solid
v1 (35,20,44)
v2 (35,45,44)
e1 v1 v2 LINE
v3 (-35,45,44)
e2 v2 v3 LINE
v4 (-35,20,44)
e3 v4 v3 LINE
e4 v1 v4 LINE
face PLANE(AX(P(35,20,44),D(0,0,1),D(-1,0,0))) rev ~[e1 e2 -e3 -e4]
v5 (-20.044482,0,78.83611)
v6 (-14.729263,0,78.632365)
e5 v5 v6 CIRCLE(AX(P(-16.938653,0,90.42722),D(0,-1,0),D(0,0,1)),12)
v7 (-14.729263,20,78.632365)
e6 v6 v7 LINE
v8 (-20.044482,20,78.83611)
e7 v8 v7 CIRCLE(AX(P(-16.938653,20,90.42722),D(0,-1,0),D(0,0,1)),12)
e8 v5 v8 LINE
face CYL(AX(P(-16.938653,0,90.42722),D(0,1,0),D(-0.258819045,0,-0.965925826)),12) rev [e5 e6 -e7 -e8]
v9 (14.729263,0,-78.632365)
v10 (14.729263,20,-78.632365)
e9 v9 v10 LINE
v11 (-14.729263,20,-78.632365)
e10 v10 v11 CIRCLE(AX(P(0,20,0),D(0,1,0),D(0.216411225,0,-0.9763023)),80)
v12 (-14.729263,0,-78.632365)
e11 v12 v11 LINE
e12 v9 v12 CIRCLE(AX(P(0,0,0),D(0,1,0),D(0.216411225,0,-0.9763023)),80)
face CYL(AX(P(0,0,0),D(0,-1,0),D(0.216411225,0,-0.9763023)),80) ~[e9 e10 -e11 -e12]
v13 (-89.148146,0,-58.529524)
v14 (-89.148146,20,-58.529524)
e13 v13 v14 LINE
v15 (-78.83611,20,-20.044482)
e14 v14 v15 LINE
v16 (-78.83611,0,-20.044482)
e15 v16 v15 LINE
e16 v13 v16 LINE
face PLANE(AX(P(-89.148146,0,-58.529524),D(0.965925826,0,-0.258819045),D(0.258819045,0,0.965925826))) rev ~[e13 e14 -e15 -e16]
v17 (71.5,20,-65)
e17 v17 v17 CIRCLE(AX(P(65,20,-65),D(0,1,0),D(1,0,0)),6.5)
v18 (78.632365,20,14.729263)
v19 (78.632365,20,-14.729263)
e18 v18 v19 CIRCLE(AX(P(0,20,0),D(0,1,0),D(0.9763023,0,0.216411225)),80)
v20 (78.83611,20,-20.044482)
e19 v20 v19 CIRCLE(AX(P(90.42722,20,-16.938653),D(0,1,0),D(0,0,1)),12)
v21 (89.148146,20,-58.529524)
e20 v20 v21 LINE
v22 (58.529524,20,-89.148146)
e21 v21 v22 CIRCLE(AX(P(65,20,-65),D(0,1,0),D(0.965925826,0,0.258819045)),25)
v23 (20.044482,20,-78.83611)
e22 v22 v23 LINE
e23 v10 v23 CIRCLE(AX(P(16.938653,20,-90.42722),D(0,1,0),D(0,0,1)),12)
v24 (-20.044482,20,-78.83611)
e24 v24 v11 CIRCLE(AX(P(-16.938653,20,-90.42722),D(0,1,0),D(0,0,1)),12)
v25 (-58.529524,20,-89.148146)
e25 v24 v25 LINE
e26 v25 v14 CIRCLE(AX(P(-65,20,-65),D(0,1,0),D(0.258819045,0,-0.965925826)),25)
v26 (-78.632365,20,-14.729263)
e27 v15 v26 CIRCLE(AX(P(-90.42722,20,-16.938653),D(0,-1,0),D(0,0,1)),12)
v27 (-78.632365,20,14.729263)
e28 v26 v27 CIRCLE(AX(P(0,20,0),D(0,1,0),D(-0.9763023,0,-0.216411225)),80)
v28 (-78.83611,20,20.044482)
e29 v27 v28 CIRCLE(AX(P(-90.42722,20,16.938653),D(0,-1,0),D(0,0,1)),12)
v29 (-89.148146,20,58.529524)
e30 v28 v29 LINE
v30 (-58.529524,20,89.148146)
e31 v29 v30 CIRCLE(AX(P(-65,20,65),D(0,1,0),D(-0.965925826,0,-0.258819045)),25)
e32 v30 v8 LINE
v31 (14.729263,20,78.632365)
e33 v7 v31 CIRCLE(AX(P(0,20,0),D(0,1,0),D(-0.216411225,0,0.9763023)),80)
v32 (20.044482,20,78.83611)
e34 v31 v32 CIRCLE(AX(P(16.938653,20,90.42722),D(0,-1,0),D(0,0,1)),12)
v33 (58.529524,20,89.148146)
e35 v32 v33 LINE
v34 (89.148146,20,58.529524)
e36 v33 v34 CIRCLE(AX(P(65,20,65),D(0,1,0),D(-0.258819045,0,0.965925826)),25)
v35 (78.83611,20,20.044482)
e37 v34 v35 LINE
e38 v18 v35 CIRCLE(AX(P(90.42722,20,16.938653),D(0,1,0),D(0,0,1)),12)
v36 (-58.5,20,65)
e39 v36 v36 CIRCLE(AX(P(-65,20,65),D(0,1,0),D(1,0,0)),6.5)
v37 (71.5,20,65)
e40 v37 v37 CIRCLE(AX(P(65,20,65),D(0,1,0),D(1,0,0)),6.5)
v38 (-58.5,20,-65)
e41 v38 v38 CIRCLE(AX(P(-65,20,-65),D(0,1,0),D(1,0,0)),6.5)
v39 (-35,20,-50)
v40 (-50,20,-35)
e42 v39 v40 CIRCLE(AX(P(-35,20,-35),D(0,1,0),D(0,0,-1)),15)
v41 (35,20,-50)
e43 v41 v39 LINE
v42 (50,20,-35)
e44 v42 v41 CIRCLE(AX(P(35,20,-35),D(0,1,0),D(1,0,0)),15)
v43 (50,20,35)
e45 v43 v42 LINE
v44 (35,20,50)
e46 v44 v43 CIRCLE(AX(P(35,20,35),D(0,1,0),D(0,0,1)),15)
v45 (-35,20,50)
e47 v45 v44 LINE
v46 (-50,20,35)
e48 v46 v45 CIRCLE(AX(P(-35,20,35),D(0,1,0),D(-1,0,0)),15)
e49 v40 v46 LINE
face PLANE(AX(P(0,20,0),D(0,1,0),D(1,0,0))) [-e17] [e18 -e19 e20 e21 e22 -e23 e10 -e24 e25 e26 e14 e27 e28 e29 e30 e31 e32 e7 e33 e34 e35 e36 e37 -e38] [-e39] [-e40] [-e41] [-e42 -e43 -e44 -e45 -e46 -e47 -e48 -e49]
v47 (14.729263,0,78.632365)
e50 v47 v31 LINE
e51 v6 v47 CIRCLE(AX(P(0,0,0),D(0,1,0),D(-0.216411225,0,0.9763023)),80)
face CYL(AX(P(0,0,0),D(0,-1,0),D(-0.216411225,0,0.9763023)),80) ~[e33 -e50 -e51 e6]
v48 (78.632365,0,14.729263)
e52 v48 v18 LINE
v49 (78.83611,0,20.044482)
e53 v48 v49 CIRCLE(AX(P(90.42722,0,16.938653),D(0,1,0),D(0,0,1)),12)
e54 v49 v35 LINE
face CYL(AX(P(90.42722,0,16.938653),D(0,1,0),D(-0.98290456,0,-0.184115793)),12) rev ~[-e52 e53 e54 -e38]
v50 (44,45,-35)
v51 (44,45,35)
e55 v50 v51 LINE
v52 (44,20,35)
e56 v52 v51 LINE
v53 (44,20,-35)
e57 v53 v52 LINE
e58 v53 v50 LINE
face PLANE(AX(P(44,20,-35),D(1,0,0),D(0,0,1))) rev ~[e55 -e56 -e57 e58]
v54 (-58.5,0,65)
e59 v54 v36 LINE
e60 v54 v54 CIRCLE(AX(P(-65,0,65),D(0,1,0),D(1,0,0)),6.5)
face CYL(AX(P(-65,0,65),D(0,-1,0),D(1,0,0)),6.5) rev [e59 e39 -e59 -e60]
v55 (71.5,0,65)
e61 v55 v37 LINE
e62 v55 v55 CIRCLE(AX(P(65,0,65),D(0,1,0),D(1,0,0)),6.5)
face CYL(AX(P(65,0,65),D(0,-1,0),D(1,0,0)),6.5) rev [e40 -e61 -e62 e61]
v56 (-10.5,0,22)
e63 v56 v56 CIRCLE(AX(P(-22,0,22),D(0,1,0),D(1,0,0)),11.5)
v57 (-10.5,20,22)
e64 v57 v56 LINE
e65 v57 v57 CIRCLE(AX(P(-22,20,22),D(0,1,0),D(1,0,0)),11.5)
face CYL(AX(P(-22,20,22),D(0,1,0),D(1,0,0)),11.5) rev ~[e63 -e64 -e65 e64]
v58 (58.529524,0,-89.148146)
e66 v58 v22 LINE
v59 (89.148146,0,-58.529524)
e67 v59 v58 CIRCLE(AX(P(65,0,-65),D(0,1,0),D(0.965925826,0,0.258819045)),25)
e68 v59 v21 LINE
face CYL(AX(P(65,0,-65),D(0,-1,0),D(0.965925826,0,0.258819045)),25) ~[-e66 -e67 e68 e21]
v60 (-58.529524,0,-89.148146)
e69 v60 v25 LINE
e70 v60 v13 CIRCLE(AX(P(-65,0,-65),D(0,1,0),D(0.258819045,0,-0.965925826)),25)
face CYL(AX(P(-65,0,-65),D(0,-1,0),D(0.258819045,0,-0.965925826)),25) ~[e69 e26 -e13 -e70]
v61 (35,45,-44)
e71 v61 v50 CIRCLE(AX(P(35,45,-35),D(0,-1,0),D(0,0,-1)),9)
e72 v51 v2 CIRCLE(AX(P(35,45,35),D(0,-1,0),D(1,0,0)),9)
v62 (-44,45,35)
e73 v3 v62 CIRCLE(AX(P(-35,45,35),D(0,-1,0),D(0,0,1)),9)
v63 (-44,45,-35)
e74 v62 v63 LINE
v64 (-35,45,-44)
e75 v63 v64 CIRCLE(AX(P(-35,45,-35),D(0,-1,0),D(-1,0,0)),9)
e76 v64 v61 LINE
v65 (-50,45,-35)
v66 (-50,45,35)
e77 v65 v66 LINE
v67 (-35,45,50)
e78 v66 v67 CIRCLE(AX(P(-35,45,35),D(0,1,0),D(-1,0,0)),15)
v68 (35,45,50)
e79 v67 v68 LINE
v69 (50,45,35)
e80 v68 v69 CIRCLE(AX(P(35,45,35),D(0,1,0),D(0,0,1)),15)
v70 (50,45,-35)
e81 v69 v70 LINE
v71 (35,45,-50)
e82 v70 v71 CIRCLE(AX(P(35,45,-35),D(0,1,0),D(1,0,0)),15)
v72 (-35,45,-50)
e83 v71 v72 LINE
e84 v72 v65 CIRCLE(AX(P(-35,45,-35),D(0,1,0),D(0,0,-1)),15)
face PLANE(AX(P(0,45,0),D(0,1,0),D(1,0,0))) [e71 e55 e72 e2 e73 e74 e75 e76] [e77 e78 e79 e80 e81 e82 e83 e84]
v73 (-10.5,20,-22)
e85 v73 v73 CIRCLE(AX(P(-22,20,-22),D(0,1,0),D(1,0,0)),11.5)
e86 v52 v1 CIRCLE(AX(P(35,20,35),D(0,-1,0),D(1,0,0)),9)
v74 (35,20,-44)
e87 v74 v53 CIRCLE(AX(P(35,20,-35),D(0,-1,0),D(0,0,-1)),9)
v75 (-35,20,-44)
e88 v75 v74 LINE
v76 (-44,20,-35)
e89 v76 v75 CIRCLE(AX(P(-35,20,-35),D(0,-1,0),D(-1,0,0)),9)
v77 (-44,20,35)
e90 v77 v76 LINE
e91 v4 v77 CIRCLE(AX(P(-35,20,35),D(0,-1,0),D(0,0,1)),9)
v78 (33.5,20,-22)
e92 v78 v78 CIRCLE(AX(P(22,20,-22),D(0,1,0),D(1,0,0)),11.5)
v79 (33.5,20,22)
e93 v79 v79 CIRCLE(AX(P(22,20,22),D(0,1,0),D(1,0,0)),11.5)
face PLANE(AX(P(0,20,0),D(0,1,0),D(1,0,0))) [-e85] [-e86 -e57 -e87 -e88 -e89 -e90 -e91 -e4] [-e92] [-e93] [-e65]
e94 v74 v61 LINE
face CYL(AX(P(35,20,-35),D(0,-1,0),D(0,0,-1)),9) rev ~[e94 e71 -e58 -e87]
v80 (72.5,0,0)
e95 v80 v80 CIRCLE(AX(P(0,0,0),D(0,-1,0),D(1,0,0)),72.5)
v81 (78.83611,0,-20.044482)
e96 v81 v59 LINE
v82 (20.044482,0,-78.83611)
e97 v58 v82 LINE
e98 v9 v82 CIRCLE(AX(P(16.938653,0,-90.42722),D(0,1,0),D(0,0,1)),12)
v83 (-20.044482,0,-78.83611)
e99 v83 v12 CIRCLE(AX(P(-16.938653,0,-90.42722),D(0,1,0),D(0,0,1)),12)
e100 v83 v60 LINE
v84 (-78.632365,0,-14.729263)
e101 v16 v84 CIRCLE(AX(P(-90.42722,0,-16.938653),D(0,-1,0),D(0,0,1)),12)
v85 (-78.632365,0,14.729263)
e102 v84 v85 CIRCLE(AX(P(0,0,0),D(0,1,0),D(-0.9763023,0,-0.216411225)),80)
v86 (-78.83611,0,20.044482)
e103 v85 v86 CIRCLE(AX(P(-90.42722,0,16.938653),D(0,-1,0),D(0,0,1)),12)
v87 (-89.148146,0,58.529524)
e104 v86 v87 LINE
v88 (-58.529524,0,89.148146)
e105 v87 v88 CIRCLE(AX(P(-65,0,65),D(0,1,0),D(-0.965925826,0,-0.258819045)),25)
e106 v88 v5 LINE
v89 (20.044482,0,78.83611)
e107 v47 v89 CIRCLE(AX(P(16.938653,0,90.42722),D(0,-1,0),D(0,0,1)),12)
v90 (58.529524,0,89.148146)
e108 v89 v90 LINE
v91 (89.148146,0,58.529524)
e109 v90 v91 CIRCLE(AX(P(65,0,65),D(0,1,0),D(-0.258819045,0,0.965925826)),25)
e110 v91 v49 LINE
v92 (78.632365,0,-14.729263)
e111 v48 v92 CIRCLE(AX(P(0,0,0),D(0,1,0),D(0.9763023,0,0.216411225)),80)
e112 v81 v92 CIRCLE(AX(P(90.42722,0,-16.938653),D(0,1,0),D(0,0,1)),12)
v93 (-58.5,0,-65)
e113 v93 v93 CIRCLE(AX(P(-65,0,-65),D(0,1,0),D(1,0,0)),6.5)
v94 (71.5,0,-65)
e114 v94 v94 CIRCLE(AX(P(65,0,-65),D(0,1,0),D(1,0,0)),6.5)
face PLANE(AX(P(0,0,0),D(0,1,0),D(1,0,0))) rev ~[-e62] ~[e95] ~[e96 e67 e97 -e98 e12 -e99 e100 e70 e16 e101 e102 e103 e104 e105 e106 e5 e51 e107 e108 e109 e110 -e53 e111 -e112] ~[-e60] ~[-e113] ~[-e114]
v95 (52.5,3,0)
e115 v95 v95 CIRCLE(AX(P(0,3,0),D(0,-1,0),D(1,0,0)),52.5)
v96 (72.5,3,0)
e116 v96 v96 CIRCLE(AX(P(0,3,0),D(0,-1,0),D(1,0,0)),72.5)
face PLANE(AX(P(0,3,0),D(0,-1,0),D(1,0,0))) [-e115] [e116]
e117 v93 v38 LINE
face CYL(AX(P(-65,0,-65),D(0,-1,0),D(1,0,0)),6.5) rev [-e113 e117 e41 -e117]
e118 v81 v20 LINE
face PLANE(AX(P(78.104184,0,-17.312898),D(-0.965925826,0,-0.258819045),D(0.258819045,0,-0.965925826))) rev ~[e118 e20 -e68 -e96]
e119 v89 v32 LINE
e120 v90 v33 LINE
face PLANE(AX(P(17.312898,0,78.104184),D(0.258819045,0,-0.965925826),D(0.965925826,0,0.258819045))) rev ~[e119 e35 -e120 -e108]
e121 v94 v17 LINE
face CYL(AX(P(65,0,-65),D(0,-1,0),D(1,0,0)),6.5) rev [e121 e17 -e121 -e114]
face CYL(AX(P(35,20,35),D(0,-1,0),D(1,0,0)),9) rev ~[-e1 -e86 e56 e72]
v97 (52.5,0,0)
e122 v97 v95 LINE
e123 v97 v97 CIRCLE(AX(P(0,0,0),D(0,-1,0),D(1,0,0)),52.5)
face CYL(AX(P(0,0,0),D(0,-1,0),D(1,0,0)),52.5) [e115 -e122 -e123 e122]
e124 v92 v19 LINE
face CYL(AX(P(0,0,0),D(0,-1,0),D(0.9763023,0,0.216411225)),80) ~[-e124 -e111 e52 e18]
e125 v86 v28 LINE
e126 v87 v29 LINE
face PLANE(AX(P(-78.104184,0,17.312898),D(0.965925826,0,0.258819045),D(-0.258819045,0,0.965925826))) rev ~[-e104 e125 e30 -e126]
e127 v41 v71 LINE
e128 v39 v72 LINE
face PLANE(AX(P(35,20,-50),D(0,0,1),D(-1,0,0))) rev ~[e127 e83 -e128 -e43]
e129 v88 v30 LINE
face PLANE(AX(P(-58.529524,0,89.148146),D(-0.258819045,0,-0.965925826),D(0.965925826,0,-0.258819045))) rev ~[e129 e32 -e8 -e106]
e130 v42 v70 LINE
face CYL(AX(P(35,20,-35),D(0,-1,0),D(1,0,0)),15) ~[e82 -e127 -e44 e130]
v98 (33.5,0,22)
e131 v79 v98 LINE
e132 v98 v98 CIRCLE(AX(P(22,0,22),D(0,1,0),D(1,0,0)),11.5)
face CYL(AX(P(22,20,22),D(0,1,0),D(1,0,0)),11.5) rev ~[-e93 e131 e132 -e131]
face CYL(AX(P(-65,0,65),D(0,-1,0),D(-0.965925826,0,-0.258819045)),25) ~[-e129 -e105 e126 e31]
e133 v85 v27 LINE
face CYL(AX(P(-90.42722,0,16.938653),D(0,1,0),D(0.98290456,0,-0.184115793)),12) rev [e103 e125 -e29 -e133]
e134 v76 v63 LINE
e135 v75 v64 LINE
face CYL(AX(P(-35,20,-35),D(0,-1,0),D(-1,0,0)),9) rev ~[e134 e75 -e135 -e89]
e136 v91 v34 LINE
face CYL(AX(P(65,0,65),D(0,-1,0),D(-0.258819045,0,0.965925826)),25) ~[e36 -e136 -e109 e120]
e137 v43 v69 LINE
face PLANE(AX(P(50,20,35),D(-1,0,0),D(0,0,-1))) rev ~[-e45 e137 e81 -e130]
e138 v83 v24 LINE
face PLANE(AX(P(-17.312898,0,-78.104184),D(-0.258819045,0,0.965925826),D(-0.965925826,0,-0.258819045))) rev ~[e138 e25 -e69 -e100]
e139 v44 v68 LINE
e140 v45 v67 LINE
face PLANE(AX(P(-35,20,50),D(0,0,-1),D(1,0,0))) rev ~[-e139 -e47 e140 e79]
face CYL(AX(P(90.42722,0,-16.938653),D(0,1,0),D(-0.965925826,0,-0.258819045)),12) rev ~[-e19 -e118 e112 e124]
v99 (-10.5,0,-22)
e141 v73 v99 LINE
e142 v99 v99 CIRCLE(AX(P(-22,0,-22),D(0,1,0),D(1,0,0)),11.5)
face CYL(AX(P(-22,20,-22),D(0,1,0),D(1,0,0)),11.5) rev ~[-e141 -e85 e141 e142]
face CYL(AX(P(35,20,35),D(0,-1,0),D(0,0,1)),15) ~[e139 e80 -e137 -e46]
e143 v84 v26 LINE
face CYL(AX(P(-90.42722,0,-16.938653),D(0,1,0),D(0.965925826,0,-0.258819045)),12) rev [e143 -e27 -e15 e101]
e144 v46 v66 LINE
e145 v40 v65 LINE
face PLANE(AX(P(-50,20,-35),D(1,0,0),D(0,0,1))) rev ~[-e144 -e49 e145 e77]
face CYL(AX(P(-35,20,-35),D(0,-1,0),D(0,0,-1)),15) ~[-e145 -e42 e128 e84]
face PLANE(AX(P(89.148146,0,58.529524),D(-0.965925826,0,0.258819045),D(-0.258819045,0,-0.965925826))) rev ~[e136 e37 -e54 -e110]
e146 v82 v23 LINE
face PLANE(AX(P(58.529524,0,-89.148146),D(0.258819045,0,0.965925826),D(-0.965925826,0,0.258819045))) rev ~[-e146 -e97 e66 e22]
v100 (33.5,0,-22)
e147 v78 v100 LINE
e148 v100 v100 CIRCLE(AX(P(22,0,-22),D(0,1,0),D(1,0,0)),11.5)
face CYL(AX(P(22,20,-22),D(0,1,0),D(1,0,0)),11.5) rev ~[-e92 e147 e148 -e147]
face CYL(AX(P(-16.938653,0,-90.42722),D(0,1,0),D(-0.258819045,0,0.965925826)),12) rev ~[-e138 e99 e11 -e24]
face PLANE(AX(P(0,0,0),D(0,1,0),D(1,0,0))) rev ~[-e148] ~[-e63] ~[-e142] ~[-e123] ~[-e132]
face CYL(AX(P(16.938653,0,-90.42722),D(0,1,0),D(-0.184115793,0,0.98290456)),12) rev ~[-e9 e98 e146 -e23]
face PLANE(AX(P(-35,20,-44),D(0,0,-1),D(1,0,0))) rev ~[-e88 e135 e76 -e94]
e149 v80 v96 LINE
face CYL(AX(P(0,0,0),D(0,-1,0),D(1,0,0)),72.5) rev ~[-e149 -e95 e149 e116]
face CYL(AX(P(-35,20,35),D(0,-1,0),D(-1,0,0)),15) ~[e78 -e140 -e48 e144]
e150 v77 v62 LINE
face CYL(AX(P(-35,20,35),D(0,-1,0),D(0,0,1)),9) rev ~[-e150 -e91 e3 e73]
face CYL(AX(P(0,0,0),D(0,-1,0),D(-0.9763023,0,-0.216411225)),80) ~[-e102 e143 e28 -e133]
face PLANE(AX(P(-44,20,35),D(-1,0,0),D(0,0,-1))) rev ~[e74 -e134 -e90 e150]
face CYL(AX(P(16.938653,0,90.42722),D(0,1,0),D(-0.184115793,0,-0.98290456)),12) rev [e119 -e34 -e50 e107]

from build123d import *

# Parameters (mm, degrees)
SKETCH1_R           = 6.5
BOSS_EXTRUDE1_DEPTH = 20
SKETCH2_R           = 11.5
CUT_EXTRUDE1_DEPTH  = 21
BOSS_EXTRUDE2_DEPTH = 25
SKETCH3_R           = 72.5
SKETCH3_R_2         = 52.5
CUT_EXTRUDE2_DEPTH  = 3
FILLET2_R           = 12


with BuildPart() as part:
    # Sketch1 → Boss-Extrude1 (new body)
    with BuildSketch(Plane(origin=(0, 0, 0), x_dir=(1, 0, 0), z_dir=(0, 1, 0))):
        with BuildLine():
            Line((-89.148145657, 58.529523872), (-78.104184034, 17.312897978))
            ThreePointArc((-78.104184034, 17.312897978), (-80, 0), (-78.104184034, -17.312897978))
            Line((-78.104184034, -17.312897978), (-89.148145657, -58.529523872))
            ThreePointArc((-89.148145657, -58.529523872), (-82.67766953, -82.67766953), (-58.529523872, -89.148145657))
            Line((-58.529523872, -89.148145657), (-17.312897978, -78.104184034))
            ThreePointArc((-17.312897978, -78.104184034), (0, -80), (17.312897978, -78.104184034))
            Line((17.312897978, -78.104184034), (58.529523872, -89.148145657))
            ThreePointArc((58.529523872, -89.148145657), (82.67766953, -82.67766953), (89.148145657, -58.529523872))
            Line((89.148145657, -58.529523872), (78.104184034, -17.312897978))
            ThreePointArc((78.104184034, -17.312897978), (80, 0), (78.104184034, 17.312897978))
            Line((78.104184034, 17.312897978), (89.148145657, 58.529523872))
            ThreePointArc((89.148145657, 58.529523872), (82.67766953, 82.67766953), (58.529523872, 89.148145657))
            Line((58.529523872, 89.148145657), (17.312897978, 78.104184034))
            ThreePointArc((17.312897978, 78.104184034), (0, 80), (-17.312897978, 78.104184034))
            Line((-17.312897978, 78.104184034), (-58.529523872, 89.148145657))
            ThreePointArc((-58.529523872, 89.148145657), (-82.67766953, 82.67766953), (-89.148145657, 58.529523872))
        make_face()
        with Locations((-65, 65)):
            Circle(SKETCH1_R, mode=Mode.SUBTRACT)
        with Locations((65, 65)):
            Circle(SKETCH1_R, mode=Mode.SUBTRACT)
        with Locations((65, -65)):
            Circle(SKETCH1_R, mode=Mode.SUBTRACT)
        with Locations((-65, -65)):
            Circle(SKETCH1_R, mode=Mode.SUBTRACT)
    extrude(amount=BOSS_EXTRUDE1_DEPTH)

    # Sketch2 → Cut-Extrude1 (cut, through all)
    with BuildSketch(Plane(origin=(0, 20, 0), x_dir=(1, 0, 0), z_dir=(0, 1, 0))):
        with Locations((-22, -22)):
            Circle(SKETCH2_R)
        with Locations((-22, 22)):
            Circle(SKETCH2_R)
        with Locations((22, 22)):
            Circle(SKETCH2_R)
        with Locations((22, -22)):
            Circle(SKETCH2_R)
    extrude(amount=-CUT_EXTRUDE1_DEPTH, mode=Mode.SUBTRACT)

    # Sketch2<3> → Boss-Extrude2 (add)
    with BuildSketch(Plane(origin=(0, 20, 0), x_dir=(1, 0, 0), z_dir=(0, 1, 0))):
        with BuildLine():
            Line((-35, -50), (35, -50))
            ThreePointArc((35, -50), (45.606601718, -45.606601718), (50, -35))
            Line((50, -35), (50, 35))
            ThreePointArc((50, 35), (45.606601718, 45.606601718), (35, 50))
            Line((35, 50), (-35, 50))
            ThreePointArc((-35, 50), (-45.606601718, 45.606601718), (-50, 35))
            Line((-50, 35), (-50, -35))
            ThreePointArc((-50, -35), (-45.606601718, -45.606601718), (-35, -50))
        make_face()
        with BuildLine():
            Line((-44, -35), (-44, 35))
            ThreePointArc((-44, 35), (-41.363961031, 41.363961031), (-35, 44))
            Line((-35, 44), (35, 44))
            ThreePointArc((35, 44), (41.363961031, 41.363961031), (44, 35))
            Line((44, 35), (44, -35))
            ThreePointArc((44, -35), (41.363961031, -41.363961031), (35, -44))
            Line((35, -44), (-35, -44))
            ThreePointArc((-35, -44), (-41.363961031, -41.363961031), (-44, -35))
        make_face(mode=Mode.SUBTRACT)
    extrude(amount=BOSS_EXTRUDE2_DEPTH)

    # Sketch3 → Cut-Extrude2 (cut)
    with BuildSketch(Plane.XZ):
        Circle(SKETCH3_R)
        Circle(SKETCH3_R_2, mode=Mode.SUBTRACT)
    extrude(amount=-CUT_EXTRUDE2_DEPTH, mode=Mode.SUBTRACT)

    # Fillet2
    fillet2_edges = [part.edges().sort_by_distance(p)[0] for p in [
        (-17.312897978, 10, -78.104184034),
        (17.312897978, 10, -78.104184034),
        (78.104184034, 10, -17.312897978),
        (78.104184034, 10, 17.312897978),
        (17.312897978, 10, 78.104184034),
        (-17.312897978, 10, 78.104184034),
        (-78.104184034, 10, 17.312897978),
        (-78.104184034, 10, -17.312897978),
    ]]
    fillet(fillet2_edges, radius=FILLET2_R)


solid = part.part
